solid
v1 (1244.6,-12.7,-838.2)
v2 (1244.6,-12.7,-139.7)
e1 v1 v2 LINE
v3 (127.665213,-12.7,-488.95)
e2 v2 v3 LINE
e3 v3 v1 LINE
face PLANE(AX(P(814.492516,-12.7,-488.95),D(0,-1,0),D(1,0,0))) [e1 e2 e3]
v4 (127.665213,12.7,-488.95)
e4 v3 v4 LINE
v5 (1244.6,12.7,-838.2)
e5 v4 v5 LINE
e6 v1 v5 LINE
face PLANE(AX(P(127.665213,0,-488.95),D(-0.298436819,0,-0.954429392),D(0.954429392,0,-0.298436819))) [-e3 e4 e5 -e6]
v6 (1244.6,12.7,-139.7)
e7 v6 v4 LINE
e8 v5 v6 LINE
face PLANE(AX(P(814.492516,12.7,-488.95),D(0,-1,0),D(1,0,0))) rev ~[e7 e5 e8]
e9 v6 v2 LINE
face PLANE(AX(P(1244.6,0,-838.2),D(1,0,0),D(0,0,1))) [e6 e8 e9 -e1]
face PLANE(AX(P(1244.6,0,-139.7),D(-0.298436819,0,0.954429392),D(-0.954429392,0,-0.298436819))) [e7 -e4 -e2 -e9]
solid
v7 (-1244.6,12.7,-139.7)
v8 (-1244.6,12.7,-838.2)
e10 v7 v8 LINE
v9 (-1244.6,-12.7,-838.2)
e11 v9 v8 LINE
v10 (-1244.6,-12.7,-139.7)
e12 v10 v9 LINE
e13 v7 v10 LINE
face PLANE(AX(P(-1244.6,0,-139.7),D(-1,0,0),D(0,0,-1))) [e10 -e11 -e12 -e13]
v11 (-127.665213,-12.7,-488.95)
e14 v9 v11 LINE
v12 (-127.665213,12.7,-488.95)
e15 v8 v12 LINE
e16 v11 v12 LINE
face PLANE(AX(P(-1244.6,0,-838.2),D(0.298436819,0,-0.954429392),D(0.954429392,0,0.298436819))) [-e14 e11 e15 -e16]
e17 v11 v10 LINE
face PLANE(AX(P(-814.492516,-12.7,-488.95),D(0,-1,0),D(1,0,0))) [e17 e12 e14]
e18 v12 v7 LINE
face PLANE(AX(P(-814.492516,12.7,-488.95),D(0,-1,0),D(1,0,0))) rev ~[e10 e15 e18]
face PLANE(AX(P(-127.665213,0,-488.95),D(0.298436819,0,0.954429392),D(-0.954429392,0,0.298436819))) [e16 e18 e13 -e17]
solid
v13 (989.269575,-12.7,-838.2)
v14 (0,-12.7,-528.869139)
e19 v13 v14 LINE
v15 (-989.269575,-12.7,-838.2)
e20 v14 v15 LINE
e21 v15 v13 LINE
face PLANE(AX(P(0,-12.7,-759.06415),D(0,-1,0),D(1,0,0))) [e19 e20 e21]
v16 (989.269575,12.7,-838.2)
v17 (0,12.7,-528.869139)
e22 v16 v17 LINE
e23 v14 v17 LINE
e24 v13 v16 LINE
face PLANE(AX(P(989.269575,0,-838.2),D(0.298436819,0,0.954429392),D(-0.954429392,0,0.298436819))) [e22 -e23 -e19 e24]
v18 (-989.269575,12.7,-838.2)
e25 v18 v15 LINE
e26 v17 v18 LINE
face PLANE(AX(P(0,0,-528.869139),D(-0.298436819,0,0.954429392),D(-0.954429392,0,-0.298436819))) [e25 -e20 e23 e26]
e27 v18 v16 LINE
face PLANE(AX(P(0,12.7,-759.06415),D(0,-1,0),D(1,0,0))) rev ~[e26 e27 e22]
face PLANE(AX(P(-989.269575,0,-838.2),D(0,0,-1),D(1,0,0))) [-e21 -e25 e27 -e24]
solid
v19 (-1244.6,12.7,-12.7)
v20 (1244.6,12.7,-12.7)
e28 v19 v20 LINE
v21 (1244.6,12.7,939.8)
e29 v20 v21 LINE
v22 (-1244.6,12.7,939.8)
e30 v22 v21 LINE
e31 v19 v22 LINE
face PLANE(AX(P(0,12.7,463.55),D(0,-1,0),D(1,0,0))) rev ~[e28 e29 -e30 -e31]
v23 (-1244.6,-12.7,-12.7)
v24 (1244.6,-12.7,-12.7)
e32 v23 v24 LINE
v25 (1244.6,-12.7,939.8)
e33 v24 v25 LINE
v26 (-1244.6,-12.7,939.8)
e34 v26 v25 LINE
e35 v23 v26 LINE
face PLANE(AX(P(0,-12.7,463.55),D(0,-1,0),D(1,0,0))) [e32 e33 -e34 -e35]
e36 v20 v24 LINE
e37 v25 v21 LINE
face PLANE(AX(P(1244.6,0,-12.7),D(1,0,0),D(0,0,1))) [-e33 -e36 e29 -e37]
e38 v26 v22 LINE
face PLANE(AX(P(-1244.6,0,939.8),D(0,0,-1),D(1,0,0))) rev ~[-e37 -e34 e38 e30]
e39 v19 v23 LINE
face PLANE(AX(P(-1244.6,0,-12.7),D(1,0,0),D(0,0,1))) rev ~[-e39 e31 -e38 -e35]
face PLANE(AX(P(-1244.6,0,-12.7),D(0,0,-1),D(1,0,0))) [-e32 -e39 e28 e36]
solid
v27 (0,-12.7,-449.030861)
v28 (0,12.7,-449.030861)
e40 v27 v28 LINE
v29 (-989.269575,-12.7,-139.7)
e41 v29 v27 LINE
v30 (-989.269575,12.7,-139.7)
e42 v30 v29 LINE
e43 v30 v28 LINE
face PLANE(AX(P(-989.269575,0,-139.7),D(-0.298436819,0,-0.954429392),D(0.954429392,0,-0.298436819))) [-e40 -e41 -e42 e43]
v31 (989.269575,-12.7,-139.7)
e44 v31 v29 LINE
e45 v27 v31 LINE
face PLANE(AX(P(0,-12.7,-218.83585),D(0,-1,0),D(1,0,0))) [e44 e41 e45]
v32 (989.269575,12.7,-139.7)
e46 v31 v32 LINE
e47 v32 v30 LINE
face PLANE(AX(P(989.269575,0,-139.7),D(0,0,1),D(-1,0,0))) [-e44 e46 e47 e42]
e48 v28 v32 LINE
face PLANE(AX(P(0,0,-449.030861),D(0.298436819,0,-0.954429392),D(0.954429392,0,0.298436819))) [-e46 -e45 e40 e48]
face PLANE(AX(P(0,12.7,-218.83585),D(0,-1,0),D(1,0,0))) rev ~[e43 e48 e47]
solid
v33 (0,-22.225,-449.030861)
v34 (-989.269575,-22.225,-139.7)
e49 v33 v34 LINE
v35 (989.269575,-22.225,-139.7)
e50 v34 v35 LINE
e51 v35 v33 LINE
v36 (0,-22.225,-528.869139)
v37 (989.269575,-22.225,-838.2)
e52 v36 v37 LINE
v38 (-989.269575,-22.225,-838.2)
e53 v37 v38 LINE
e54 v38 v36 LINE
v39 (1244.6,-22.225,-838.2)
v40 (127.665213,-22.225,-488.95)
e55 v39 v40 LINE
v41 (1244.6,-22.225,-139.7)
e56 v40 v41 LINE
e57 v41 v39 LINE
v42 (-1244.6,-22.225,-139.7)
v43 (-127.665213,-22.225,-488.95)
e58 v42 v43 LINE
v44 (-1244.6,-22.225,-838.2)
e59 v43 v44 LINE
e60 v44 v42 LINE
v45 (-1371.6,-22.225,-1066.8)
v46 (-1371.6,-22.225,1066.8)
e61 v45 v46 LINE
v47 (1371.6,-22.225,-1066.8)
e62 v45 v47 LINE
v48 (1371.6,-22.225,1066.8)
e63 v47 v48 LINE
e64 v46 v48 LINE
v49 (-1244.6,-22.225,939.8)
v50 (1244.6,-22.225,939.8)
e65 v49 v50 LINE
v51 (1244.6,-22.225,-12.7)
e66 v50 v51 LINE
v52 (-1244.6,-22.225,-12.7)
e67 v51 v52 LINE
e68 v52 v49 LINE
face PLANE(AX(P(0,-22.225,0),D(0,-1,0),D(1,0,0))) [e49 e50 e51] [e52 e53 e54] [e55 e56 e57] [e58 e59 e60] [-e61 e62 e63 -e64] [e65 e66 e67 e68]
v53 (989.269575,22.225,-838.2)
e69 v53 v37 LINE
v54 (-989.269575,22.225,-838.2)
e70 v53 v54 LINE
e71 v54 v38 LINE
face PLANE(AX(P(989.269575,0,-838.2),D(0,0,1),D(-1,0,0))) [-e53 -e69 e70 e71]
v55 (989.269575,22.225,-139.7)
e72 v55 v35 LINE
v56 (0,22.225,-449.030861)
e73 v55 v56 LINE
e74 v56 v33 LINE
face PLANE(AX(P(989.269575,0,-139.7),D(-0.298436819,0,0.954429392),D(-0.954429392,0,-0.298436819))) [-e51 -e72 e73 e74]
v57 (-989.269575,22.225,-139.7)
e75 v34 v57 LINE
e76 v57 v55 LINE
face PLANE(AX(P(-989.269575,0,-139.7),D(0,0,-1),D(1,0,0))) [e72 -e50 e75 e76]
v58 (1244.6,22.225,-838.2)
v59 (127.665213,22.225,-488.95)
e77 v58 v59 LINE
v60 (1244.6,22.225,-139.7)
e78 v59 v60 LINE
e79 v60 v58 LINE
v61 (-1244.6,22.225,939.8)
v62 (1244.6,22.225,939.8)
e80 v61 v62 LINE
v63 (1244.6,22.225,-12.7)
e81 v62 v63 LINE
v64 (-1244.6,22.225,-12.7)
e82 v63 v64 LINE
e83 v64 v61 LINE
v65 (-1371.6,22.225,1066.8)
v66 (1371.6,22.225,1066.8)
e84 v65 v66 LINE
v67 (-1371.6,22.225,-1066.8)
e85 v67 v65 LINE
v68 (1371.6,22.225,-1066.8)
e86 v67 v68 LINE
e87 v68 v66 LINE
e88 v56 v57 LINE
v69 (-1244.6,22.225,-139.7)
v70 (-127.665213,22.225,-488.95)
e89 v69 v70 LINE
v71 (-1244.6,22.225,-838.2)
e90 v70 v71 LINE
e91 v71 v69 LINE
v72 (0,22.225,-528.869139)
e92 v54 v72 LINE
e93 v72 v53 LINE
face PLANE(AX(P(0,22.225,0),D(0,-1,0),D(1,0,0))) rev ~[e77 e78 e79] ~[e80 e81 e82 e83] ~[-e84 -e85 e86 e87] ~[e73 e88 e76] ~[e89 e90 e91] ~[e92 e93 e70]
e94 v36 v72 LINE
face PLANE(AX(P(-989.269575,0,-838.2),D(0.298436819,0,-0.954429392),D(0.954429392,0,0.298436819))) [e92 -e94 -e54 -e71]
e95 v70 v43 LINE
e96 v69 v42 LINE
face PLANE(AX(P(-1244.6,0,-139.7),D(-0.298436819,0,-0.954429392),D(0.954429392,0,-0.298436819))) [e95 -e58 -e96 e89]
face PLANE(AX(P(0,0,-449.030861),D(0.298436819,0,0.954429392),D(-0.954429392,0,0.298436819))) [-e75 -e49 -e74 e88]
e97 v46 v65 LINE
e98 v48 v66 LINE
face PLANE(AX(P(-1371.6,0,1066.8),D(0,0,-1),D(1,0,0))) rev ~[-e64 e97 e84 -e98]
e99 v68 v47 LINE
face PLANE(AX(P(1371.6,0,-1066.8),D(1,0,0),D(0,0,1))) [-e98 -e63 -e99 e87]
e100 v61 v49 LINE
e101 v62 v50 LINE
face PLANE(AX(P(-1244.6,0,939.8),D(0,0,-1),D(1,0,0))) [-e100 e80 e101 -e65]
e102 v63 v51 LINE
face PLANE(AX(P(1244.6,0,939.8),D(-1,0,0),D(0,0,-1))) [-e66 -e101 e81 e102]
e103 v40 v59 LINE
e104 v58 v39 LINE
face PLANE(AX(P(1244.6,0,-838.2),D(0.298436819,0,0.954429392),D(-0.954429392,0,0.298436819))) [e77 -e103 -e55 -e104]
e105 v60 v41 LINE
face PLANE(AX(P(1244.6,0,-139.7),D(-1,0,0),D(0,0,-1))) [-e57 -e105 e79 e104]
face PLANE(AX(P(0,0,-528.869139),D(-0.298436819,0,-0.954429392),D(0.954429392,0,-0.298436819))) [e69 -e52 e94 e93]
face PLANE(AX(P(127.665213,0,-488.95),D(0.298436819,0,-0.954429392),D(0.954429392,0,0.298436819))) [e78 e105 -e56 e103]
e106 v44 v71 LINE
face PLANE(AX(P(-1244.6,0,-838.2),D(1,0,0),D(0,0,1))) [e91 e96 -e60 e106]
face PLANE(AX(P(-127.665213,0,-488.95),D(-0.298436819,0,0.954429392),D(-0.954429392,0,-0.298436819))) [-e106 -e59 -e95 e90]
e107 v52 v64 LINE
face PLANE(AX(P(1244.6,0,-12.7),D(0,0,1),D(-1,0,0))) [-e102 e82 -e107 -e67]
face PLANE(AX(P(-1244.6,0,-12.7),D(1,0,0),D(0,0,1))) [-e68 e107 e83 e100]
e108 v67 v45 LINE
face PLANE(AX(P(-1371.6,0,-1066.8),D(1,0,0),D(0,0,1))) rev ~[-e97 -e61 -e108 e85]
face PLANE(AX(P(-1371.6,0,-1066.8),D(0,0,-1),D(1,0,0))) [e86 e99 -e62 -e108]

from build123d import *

# Parameters (mm, degrees)
F0_W     = 2743.2
F0_H     = 2133.6
F1_DEPTH = 22.225
F0_W_2   = 2489.2
F0_H_2   = 952.5
F2_DEPTH = 12.7


with BuildPart() as f1:
    # F0 (on Front) → F1 (new body, symmetric)
    with BuildSketch(Plane.XZ):
        Rectangle(F0_W, F0_H)
        Polygon((-1244.6, -12.7), (-1244.6, 939.8), (1244.6, 939.8), (1244.6, -12.7), (1244.6, -139.7), (1244.6, -838.2), (989.2695746648, -838.2), (-989.2695746648, -838.2), (-1244.6, -838.2), (-1244.6, -139.7), align=None, mode=Mode.SUBTRACT)
        Polygon((1244.6, -12.7), (-1244.6, -12.7), (-1244.6, -139.7), (-989.2695746648, -139.7), (989.2695746648, -139.7), (1244.6, -139.7), align=None)
        Polygon((127.6652126676, -488.95), (1244.6, -139.7), (989.2695746648, -139.7), (0, -449.0308605571), align=None)
        Polygon((0, -449.0308605571), (-127.6652126676, -488.95), (0, -528.8691394429), (127.6652126676, -488.95), align=None)
        Polygon((-989.2695746648, -139.7), (-1244.6, -139.7), (-127.6652126676, -488.95), (0, -449.0308605571), align=None)
        Polygon((989.2695746648, -838.2), (1244.6, -838.2), (127.6652126676, -488.95), (0, -528.8691394429), align=None)
        Polygon((-127.6652126676, -488.95), (-1244.6, -838.2), (-989.2695746648, -838.2), (0, -528.8691394429), align=None)
    extrude(amount=F1_DEPTH, both=True)


with BuildPart() as f2:
    # F0 (on Front) → F2 (new body, symmetric)
    with BuildSketch(Plane.XZ):
        with Locations((0, 463.55)):
            Rectangle(F0_W_2, F0_H_2)
    extrude(amount=F2_DEPTH, both=True)


with BuildPart() as f2b:
    # F0 (on Front) → F2, piece 2 (new body, symmetric)
    with BuildSketch(Plane.XZ):
        Polygon((989.2695746648, -139.7), (-989.2695746648, -139.7), (0, -449.0308605571), align=None)
    extrude(amount=F2_DEPTH, both=True)


with BuildPart() as f2c:
    # F0 (on Front) → F2, piece 3 (new body, symmetric)
    with BuildSketch(Plane.XZ):
        Polygon((1244.6, -838.2), (1244.6, -139.7), (127.6652126676, -488.95), align=None)
    extrude(amount=F2_DEPTH, both=True)


with BuildPart() as f2d:
    # F0 (on Front) → F2, piece 4 (new body, symmetric)
    with BuildSketch(Plane.XZ):
        Polygon((0, -528.8691394429), (-989.2695746648, -838.2), (989.2695746648, -838.2), align=None)
    extrude(amount=F2_DEPTH, both=True)


with BuildPart() as f2e:
    # F0 (on Front) → F2, piece 5 (new body, symmetric)
    with BuildSketch(Plane.XZ):
        Polygon((-127.6652126676, -488.95), (-1244.6, -139.7), (-1244.6, -838.2), align=None)
    extrude(amount=F2_DEPTH, both=True)


solid = Compound([f1.part, f2.part, f2b.part, f2c.part, f2d.part, f2e.part])
